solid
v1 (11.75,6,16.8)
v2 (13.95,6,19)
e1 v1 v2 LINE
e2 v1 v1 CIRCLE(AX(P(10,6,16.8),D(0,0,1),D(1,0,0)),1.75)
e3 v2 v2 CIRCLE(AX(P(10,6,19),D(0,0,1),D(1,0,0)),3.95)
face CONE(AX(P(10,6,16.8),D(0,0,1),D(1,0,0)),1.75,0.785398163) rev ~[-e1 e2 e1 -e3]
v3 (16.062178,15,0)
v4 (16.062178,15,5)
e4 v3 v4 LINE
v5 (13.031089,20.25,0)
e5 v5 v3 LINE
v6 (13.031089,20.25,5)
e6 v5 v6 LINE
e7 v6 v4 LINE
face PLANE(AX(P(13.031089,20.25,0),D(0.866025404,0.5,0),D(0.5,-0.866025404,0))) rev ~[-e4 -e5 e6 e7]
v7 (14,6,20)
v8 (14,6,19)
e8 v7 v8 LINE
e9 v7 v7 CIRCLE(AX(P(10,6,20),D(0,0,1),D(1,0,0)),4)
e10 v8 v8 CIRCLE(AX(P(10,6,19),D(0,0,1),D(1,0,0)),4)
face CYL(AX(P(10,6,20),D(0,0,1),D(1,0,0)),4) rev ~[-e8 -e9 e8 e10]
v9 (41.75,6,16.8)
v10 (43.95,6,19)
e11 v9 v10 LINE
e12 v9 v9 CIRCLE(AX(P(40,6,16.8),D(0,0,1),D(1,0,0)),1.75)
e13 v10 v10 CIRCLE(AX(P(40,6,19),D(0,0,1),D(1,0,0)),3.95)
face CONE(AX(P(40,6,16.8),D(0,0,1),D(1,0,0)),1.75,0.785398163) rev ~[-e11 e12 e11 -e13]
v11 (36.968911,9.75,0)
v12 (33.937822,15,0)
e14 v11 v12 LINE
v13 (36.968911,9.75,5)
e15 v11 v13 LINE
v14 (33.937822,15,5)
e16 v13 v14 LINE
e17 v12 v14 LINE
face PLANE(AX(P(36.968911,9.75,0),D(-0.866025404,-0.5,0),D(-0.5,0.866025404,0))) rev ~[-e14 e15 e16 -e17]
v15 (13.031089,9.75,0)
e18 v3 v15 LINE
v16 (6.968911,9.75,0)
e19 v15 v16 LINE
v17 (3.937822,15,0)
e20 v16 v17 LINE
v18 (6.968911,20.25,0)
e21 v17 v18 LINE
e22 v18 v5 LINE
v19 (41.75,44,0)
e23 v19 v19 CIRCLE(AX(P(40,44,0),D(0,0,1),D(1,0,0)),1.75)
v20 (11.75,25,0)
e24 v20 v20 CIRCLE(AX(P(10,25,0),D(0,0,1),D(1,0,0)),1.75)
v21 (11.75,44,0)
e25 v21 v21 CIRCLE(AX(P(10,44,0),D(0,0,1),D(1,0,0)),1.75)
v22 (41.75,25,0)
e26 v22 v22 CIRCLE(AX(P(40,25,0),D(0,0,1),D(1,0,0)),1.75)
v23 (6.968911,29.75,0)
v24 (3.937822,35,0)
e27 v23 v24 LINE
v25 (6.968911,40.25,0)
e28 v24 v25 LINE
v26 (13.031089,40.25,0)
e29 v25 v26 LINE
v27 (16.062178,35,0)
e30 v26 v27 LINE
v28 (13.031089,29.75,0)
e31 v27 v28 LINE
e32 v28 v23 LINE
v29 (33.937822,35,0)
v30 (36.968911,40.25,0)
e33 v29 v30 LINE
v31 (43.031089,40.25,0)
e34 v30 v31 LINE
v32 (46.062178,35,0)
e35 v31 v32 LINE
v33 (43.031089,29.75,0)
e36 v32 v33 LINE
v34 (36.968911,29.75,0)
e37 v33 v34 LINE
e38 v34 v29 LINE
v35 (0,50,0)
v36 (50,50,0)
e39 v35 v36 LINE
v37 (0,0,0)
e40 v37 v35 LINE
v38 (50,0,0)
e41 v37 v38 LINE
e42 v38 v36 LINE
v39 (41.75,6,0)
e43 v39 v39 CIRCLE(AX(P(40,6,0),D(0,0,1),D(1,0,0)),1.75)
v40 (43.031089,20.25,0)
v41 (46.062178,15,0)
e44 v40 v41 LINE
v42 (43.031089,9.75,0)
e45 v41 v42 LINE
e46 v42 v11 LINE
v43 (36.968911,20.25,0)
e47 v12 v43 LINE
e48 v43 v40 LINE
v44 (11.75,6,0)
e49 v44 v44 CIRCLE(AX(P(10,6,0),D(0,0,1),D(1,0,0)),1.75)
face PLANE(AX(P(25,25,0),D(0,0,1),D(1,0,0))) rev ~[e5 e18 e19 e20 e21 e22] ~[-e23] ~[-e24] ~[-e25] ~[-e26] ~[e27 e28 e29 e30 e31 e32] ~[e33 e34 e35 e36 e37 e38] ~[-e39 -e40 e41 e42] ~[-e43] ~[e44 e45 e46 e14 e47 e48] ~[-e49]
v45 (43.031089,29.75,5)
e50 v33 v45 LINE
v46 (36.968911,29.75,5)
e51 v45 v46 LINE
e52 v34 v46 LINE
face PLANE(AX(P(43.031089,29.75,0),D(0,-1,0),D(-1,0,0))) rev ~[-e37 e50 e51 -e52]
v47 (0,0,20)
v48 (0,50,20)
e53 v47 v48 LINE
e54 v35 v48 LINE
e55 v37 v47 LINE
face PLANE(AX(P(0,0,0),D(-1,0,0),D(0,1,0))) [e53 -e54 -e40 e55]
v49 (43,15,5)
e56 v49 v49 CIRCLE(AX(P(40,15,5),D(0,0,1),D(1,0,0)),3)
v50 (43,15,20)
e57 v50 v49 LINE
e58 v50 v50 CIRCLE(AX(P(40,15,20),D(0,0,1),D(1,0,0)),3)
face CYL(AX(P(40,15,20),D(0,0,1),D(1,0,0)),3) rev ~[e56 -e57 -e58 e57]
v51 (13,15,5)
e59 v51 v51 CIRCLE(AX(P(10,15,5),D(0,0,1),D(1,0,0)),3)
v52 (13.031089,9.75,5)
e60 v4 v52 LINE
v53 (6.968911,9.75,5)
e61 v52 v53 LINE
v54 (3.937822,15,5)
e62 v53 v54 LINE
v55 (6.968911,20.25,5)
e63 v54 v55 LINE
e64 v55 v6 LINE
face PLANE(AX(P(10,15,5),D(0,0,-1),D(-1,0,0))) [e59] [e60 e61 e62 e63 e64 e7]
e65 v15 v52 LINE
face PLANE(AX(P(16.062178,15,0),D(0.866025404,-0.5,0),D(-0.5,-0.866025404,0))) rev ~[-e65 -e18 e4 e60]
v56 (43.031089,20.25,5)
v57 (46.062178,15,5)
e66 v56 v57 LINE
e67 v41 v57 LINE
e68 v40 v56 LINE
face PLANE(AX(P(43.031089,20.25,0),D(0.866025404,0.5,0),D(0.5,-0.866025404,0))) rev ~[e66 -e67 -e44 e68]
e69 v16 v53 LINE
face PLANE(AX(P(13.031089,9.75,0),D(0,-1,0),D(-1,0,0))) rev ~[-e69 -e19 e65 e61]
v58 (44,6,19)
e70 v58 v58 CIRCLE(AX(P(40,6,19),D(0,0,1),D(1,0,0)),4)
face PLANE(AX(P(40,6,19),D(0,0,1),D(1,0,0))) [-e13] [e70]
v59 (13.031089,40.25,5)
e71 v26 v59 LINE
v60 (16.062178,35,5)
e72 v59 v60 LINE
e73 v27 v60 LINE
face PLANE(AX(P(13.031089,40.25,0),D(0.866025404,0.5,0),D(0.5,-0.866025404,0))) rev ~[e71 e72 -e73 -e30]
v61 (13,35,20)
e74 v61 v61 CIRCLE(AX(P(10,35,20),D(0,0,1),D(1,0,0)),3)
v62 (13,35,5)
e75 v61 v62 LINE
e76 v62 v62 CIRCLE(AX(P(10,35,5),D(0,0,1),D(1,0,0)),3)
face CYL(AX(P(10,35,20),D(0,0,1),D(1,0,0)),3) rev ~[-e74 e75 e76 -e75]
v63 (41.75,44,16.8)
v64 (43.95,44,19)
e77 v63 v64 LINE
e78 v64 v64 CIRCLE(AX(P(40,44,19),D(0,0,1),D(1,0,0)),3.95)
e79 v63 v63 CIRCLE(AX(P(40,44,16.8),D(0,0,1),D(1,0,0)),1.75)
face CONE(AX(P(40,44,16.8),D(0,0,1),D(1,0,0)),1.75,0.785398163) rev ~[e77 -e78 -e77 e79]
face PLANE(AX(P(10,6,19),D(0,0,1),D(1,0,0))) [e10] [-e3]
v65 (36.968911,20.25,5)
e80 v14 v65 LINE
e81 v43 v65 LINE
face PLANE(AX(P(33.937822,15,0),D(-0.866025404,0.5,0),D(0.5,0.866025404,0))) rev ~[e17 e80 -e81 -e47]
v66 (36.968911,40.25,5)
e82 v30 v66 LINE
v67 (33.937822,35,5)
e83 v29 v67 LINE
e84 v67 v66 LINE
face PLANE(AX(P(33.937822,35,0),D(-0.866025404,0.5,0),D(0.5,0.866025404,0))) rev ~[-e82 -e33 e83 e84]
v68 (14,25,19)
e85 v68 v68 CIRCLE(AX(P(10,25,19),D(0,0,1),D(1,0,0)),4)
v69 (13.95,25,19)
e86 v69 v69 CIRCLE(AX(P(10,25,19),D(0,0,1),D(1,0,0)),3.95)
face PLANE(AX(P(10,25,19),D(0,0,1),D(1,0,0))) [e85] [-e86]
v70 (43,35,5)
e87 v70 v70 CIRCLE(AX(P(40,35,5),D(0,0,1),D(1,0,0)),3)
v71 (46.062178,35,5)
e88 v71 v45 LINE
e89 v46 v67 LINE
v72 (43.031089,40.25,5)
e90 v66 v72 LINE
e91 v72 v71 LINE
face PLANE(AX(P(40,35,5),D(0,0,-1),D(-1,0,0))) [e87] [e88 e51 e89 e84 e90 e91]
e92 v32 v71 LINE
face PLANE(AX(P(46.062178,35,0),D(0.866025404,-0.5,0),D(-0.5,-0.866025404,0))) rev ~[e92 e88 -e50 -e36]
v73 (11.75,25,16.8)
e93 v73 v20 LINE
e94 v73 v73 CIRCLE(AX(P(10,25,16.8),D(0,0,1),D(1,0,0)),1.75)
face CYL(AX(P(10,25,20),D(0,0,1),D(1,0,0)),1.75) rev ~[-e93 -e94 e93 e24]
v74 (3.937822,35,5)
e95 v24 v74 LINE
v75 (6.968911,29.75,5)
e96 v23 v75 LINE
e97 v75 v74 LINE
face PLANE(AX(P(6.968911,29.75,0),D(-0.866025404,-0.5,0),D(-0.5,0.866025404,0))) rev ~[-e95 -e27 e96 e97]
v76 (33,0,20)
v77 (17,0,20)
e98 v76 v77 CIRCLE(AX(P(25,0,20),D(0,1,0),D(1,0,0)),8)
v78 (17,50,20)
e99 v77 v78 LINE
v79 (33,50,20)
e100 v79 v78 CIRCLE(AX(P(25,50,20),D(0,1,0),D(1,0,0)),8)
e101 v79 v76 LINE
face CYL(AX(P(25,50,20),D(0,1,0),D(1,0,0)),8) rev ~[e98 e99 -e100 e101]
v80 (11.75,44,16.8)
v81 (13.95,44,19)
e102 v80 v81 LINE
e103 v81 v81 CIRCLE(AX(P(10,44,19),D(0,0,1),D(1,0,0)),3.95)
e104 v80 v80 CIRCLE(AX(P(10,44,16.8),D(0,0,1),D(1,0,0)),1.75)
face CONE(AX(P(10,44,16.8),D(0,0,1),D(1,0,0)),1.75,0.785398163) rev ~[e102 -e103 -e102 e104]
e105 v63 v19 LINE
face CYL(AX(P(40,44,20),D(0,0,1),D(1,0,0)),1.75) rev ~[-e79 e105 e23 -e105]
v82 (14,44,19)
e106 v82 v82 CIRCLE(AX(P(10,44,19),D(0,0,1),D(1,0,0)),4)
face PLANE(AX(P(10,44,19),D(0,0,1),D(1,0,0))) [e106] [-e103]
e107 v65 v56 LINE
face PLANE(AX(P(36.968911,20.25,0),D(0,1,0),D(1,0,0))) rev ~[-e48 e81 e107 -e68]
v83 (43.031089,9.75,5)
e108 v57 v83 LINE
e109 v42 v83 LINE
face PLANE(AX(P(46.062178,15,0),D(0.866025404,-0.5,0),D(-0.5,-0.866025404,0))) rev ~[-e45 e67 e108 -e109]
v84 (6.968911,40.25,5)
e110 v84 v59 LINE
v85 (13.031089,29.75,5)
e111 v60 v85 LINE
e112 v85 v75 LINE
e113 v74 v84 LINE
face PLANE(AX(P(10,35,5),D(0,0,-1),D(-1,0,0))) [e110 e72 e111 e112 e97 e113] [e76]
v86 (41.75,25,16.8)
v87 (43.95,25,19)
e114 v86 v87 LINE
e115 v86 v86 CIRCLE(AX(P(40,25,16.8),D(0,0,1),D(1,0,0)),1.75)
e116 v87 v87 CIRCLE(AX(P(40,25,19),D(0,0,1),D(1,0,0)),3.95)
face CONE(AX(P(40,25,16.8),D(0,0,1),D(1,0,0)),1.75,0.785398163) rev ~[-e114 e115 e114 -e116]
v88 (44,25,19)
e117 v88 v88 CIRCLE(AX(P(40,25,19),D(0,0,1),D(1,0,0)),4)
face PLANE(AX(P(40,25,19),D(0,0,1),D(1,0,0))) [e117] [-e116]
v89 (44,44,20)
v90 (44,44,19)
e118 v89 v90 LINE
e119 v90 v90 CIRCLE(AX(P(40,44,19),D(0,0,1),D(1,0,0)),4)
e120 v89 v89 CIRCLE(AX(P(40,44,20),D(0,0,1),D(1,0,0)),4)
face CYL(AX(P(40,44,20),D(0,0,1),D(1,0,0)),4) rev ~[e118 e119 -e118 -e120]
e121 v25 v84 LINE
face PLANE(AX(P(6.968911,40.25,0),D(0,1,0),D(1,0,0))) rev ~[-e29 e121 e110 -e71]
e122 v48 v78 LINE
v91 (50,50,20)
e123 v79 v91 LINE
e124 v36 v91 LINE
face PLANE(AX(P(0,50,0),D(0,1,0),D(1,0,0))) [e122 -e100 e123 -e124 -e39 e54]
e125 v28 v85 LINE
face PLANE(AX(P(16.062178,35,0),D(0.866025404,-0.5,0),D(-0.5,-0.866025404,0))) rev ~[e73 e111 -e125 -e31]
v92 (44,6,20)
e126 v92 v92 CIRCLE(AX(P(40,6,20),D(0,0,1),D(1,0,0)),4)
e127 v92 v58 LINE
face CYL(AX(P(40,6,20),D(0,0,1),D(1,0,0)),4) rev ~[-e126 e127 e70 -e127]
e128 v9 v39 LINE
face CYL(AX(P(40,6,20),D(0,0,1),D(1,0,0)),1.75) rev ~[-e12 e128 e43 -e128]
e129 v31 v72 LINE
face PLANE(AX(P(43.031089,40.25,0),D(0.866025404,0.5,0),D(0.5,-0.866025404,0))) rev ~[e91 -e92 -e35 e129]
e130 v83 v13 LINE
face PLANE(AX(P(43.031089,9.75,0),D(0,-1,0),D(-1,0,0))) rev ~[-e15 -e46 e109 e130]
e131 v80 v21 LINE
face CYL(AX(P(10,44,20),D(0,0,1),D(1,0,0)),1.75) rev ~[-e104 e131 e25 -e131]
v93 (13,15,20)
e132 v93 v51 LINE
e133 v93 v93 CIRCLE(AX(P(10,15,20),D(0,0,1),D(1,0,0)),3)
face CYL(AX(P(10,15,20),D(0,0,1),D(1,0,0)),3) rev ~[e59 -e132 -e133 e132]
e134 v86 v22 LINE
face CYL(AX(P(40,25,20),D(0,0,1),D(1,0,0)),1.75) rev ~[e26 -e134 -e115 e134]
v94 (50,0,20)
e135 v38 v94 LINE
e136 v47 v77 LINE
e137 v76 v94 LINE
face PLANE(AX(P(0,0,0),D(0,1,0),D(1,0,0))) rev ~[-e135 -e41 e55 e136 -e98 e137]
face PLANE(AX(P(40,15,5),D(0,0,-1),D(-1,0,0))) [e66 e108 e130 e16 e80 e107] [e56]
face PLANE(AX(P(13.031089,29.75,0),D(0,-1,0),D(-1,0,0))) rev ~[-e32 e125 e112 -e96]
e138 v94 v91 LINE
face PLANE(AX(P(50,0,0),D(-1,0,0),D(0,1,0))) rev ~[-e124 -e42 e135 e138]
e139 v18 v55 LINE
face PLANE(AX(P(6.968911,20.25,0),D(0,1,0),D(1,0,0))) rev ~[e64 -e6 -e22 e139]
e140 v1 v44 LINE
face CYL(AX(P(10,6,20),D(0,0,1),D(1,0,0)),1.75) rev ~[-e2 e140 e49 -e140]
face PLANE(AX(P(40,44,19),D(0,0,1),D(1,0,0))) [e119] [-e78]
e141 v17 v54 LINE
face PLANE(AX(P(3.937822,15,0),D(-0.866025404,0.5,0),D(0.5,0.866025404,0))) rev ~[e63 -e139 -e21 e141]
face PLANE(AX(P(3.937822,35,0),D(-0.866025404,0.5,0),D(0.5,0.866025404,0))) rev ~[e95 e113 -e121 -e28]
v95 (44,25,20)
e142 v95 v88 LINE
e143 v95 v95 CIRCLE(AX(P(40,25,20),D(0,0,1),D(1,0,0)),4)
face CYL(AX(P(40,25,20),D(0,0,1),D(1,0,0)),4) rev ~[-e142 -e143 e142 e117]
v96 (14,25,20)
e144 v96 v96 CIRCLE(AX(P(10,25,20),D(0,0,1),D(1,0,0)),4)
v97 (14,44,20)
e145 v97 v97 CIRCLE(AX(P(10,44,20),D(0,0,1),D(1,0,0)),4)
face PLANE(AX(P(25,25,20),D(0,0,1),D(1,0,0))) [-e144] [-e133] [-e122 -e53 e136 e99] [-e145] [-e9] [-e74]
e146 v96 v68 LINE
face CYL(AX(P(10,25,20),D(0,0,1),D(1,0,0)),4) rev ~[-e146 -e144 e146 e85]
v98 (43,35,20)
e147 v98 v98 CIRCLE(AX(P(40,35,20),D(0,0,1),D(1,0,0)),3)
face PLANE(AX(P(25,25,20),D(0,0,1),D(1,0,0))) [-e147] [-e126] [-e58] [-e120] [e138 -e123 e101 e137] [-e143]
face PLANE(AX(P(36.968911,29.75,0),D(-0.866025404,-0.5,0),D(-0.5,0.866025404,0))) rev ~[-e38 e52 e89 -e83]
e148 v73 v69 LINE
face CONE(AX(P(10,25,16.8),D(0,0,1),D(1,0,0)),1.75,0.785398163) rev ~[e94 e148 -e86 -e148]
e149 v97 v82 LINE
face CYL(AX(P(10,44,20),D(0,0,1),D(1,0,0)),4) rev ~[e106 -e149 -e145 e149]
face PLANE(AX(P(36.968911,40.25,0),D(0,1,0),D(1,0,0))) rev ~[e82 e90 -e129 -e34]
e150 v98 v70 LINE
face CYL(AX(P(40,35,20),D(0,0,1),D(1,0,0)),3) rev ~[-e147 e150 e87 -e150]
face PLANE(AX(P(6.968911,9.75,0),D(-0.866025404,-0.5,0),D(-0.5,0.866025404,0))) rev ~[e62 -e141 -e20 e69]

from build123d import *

# Parameters (mm, degrees)
SKETCH1_W           = 50
SKETCH1_H           = 50
BOSS_EXTRUDE1_DEPTH = 20
SKETCH2_R           = 8
CUT_EXTRUDE1_DEPTH  = 67.942210384
SKETCH3_R           = 3
CUT_EXTRUDE2_DEPTH  = 43
CUT_EXTRUDE5_DEPTH  = 5
SKETCH7_R           = 1.75
CUT_EXTRUDE6_DEPTH  = 41
SKETCH9_R           = 4
CUT_EXTRUDE7_DEPTH  = 1
CHAMFER1_SIZE       = 2.2


with BuildPart() as part:
    # Sketch1 → Boss-Extrude1 (new body)
    with BuildSketch(Plane.XY):
        with Locations((25, 25)):
            Rectangle(SKETCH1_W, SKETCH1_H)
    extrude(amount=BOSS_EXTRUDE1_DEPTH)

    # Sketch2 → Cut-Extrude1 (cut)
    with BuildSketch(Plane(origin=(0, 50, 0), x_dir=(1, 0, 0), z_dir=(0, 1, 0))):
        with Locations((25, -20)):
            Circle(SKETCH2_R)
    extrude(amount=-CUT_EXTRUDE1_DEPTH, mode=Mode.SUBTRACT)

    # Sketch3 → Cut-Extrude2 (cut)
    with BuildSketch(Plane.XY.offset(20)):
        with Locations((10, 35)):
            Circle(SKETCH3_R)
        with Locations((10, 15)):
            Circle(SKETCH3_R)
        with Locations((40, 35)):
            Circle(SKETCH3_R)
        with Locations((40, 15)):
            Circle(SKETCH3_R)
    extrude(amount=-CUT_EXTRUDE2_DEPTH, mode=Mode.SUBTRACT)

    # Sketch6 → Cut-Extrude5 (cut)
    with BuildSketch(Plane(origin=(0, 0, 0), x_dir=(-1, 0, 0), z_dir=(0, 0, -1))):
        Polygon((-3.937822174, 15), (-6.968911087, 20.25), (-13.031088913, 20.25), (-16.062177826, 15), (-13.031088913, 9.75), (-6.968911087, 9.75), align=None)
        Polygon((-43.031088913, 20.25), (-46.062177826, 15), (-43.031088913, 9.75), (-36.968911087, 9.75), (-33.937822174, 15), (-36.968911087, 20.25), align=None)
        Polygon((-36.968911087, 29.75), (-33.937822174, 35), (-36.968911087, 40.25), (-43.031088913, 40.25), (-46.062177826, 35), (-43.031088913, 29.75), align=None)
        Polygon((-6.968911087, 29.75), (-3.937822174, 35), (-6.968911087, 40.25), (-13.031088913, 40.25), (-16.062177826, 35), (-13.031088913, 29.75), align=None)
    extrude(amount=-CUT_EXTRUDE5_DEPTH, mode=Mode.SUBTRACT)

    # Sketch7 → Cut-Extrude6 (cut)
    with BuildSketch(Plane.XY.offset(20)):
        with Locations((10, 6)):
            Circle(SKETCH7_R)
        with Locations((10, 25)):
            Circle(SKETCH7_R)
        with Locations((10, 44)):
            Circle(SKETCH7_R)
        with Locations((40, 44)):
            Circle(SKETCH7_R)
        with Locations((40, 25)):
            Circle(SKETCH7_R)
        with Locations((40, 6)):
            Circle(SKETCH7_R)
    extrude(amount=-CUT_EXTRUDE6_DEPTH, mode=Mode.SUBTRACT)

    # Sketch9 → Cut-Extrude7 (cut)
    with BuildSketch(Plane.XY.offset(20)):
        with Locations((10, 44)):
            Circle(SKETCH9_R)
        with Locations((10, 25)):
            Circle(SKETCH9_R)
        with Locations((10, 6)):
            Circle(SKETCH9_R)
        with Locations((40, 6)):
            Circle(SKETCH9_R)
        with Locations((40, 25)):
            Circle(SKETCH9_R)
        with Locations((40, 44)):
            Circle(SKETCH9_R)
    extrude(amount=-CUT_EXTRUDE7_DEPTH, mode=Mode.SUBTRACT)

    # Chamfer1
    chamfer1_edges = [part.edges().sort_by_distance(p)[0] for p in [
        (8.25, 44, 19),
        (8.25, 25, 19),
        (8.25, 6, 19),
        (38.25, 6, 19),
        (38.25, 25, 19),
        (38.25, 44, 19),
    ]]
    chamfer(chamfer1_edges, length=CHAMFER1_SIZE)


solid = part.part
